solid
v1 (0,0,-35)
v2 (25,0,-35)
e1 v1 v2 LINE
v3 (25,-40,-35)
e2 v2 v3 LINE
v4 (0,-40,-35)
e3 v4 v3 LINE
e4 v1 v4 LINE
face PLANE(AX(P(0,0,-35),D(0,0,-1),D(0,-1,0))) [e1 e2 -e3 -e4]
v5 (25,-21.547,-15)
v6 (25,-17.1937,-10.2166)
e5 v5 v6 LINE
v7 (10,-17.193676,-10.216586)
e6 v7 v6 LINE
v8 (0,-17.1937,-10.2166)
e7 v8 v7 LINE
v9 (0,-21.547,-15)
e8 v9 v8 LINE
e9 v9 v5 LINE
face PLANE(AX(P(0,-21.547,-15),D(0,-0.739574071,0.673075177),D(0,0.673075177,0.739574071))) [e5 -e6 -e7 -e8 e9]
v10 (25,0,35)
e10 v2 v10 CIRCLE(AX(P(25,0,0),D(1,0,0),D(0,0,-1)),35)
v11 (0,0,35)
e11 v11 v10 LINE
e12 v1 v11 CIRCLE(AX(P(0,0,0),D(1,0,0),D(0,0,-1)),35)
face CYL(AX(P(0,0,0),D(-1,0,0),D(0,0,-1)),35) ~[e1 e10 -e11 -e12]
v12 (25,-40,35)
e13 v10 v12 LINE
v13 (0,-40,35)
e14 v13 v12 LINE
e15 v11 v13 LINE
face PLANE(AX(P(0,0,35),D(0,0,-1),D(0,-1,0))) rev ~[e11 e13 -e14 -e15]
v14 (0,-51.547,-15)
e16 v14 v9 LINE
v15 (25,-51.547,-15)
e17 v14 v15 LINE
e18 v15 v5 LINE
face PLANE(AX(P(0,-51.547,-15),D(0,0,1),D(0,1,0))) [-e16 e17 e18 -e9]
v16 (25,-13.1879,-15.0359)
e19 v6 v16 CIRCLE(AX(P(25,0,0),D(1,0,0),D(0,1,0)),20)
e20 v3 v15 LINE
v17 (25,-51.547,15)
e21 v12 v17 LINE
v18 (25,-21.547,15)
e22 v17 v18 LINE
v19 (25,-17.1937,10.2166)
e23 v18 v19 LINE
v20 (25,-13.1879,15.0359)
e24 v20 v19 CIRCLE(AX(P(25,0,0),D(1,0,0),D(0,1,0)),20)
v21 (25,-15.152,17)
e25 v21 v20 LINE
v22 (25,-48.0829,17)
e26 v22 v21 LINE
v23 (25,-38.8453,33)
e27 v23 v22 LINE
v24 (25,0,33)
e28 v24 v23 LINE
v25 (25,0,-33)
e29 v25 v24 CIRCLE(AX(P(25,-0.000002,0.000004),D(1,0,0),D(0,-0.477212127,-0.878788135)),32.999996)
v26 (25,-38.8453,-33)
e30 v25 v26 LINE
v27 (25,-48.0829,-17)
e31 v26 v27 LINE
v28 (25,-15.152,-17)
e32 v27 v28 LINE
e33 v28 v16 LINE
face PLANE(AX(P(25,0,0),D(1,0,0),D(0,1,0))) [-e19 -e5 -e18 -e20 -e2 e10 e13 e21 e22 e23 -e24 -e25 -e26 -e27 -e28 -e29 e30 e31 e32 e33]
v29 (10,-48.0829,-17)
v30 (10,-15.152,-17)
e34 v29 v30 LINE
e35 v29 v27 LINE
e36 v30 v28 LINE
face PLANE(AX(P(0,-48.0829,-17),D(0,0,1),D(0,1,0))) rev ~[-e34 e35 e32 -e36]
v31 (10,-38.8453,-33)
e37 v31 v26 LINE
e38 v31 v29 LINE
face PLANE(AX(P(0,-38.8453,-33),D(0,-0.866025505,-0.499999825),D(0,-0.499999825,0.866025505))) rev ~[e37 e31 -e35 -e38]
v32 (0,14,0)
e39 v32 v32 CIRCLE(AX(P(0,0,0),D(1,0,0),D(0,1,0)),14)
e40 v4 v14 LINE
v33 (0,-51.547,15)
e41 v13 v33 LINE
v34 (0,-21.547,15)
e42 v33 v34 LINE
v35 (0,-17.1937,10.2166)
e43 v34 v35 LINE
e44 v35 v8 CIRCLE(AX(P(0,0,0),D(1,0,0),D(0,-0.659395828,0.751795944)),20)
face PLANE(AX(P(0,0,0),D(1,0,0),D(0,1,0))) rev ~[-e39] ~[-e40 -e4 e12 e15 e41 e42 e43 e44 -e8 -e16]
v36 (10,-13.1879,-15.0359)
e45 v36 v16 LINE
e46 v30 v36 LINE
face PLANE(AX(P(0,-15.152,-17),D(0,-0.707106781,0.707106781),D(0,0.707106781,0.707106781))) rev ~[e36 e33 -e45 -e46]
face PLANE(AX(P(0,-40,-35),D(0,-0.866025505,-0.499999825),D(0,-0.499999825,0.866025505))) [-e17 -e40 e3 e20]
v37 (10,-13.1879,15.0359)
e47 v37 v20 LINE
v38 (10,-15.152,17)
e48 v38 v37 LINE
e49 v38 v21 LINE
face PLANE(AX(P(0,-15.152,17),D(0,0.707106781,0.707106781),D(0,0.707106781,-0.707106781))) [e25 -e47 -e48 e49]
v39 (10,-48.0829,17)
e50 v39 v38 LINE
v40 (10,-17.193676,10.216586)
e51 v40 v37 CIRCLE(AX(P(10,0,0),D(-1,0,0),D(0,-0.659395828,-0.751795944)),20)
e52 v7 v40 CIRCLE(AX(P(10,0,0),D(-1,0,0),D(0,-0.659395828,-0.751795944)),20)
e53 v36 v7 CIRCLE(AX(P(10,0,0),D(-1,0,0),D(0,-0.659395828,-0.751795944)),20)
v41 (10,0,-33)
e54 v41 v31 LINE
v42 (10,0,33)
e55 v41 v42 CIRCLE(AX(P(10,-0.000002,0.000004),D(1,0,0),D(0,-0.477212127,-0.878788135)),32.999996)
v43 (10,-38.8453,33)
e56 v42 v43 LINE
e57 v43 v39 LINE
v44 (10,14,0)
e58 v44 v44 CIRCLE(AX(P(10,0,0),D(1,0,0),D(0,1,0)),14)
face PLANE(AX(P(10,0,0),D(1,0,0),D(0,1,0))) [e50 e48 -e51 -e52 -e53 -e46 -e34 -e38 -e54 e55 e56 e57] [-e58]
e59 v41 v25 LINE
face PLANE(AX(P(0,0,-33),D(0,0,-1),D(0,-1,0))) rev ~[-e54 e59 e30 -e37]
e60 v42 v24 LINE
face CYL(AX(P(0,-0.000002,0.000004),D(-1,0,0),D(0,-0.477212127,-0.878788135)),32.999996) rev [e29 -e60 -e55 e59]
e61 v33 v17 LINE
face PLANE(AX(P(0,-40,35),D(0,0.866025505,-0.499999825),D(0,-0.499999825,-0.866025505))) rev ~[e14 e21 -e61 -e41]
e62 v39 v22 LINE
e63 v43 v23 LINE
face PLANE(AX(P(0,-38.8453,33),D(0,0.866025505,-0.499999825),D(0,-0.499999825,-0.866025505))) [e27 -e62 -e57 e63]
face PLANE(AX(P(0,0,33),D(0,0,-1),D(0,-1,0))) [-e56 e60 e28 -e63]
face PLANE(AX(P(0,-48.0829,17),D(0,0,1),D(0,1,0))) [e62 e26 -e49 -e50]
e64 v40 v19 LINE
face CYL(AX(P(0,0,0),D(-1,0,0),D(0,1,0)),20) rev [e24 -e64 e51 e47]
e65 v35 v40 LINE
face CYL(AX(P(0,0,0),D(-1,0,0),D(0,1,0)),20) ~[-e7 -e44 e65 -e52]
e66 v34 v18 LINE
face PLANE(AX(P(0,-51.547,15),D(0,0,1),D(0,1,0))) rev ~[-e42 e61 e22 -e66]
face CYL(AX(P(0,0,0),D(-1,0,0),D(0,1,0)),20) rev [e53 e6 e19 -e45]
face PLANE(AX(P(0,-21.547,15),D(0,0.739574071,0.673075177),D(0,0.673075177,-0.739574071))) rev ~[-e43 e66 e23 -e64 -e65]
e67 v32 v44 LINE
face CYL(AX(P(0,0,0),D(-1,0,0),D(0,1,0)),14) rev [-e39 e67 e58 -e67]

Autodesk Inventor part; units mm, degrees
ref_plane "YZ Plane" through (0, 0, 0) normal (1, 0, 0) x (0, 1, 0)
ref_plane "XZ Plane" through (0, 0, 0) normal (0, 1, 0) x (-1, 0, 0)
ref_plane "XY Plane" through (0, 0, 0) normal (0, 0, 1) x (1, 0, 0)
sketch "Sketch1" plane through (0, 0, 0) normal (1, 0, 0) x (0, 1, 0)
  arc A0 (0, -35) -> (0, 35) centre (0, 0) ccw
  circle A1 centre (0, 0) radius 20
  circle A2 centre (0, 0) radius 14
  line L0 (0, 35) -> (-40, 35)
  line L1 (-40, 35) -> (-51.547, 15)
  line L2 (-40, 35) -> (-40, 2.9908) construction
  line L3 (-51.547, 15) -> (-21.547, 15)
  line L4 (-21.547, 15) -> (-17.1937, 10.2166)
  line L5 (0, 0) -> (45.2071, 0) construction
  arc A3 (-15.748, -29) -> (0, 33) centre (0, 0) ccw
  line L6 (0, 33) -> (-38.8453, 33)
  line L7 (-38.8453, 33) -> (-48.0829, 17)
  line L8 (-48.0829, 17) -> (-15.152, 17)
  line L9 (-15.152, 17) -> (-13.1879, 15.0359)
  line L10 (-15.152, 17) -> (-12.3744, 17) construction
  line L11 (0, -35) -> (-40, -35)
  line L12 (-40, -35) -> (-51.547, -15)
  line L13 (-40, -35) -> (-40, -2.9908) construction
  line L14 (-51.547, -15) -> (-21.547, -15)
  line L15 (-21.547, -15) -> (-17.1937, -10.2166)
  line L16 (0, -33) -> (-38.8453, -33)
  line L17 (-38.8453, -33) -> (-48.0829, -17)
  line L18 (-48.0829, -17) -> (-15.152, -17)
  line L19 (-15.152, -17) -> (-13.1879, -15.0359)
  point P0 (0, -33)
  point P1 (-13.1879, -15.0359)
  point P2 (-17.1937, -10.2166)
  dimension "d0" = 70
  dimension "d9" = 15
  dimension "d17" = 6
  dimension "d32" = 40
  dimension "d43" = 20
  dimension "d44" = 30
  dimension "d45" = 30
  dimension "d47" = 2
  dimension "d48" = 45
  dimension "d49" = 132.305
  dimension "d50" = 1.3067
  dimension "d51" = 30.6595
  dimension "d52" = 29
  dimension "d54" = 2.9907
extrude "Extrusion3" add sketch "Sketch1" along normal blind 25 contours L11 L12 L14 L15 A1 L19 L18 L17 L16 A3 L6 L7 L8 L9 L4 L3 L1 L0 A0
extrude "Extrusion4" add sketch "Sketch1" along normal blind 10 contours A1 | A1 L9 L8 L7 L6 A3 L16 L17 L18 L19
sketch "Sketch2" plane through (0, 0, 0) normal (-1, 0, 0) x (0, 0, 1)
  line L0 (-15, -21.547) -> (-15, -51.547) projected
  line L1 (-10.2166, -17.1937) -> (-15, -21.547) projected
  line L2 (-15, -21.547) -> (-10.2166, -17.1937)
  arc A0 (-10.2166, -17.1937) -> (10.2166, -17.1937) centre (0, 0) ccw projected
  arc A1 (-10.2166, -17.1937) -> (10.2166, -17.1937) centre (0, 0) ccw
  line L3 (15, -51.547) -> (15, -21.547) projected
  line L4 (15, -21.547) -> (10.2166, -17.1937) projected
  line L5 (15, -21.547) -> (10.2166, -17.1937)
properties part number "Brazo_3DPrint"
